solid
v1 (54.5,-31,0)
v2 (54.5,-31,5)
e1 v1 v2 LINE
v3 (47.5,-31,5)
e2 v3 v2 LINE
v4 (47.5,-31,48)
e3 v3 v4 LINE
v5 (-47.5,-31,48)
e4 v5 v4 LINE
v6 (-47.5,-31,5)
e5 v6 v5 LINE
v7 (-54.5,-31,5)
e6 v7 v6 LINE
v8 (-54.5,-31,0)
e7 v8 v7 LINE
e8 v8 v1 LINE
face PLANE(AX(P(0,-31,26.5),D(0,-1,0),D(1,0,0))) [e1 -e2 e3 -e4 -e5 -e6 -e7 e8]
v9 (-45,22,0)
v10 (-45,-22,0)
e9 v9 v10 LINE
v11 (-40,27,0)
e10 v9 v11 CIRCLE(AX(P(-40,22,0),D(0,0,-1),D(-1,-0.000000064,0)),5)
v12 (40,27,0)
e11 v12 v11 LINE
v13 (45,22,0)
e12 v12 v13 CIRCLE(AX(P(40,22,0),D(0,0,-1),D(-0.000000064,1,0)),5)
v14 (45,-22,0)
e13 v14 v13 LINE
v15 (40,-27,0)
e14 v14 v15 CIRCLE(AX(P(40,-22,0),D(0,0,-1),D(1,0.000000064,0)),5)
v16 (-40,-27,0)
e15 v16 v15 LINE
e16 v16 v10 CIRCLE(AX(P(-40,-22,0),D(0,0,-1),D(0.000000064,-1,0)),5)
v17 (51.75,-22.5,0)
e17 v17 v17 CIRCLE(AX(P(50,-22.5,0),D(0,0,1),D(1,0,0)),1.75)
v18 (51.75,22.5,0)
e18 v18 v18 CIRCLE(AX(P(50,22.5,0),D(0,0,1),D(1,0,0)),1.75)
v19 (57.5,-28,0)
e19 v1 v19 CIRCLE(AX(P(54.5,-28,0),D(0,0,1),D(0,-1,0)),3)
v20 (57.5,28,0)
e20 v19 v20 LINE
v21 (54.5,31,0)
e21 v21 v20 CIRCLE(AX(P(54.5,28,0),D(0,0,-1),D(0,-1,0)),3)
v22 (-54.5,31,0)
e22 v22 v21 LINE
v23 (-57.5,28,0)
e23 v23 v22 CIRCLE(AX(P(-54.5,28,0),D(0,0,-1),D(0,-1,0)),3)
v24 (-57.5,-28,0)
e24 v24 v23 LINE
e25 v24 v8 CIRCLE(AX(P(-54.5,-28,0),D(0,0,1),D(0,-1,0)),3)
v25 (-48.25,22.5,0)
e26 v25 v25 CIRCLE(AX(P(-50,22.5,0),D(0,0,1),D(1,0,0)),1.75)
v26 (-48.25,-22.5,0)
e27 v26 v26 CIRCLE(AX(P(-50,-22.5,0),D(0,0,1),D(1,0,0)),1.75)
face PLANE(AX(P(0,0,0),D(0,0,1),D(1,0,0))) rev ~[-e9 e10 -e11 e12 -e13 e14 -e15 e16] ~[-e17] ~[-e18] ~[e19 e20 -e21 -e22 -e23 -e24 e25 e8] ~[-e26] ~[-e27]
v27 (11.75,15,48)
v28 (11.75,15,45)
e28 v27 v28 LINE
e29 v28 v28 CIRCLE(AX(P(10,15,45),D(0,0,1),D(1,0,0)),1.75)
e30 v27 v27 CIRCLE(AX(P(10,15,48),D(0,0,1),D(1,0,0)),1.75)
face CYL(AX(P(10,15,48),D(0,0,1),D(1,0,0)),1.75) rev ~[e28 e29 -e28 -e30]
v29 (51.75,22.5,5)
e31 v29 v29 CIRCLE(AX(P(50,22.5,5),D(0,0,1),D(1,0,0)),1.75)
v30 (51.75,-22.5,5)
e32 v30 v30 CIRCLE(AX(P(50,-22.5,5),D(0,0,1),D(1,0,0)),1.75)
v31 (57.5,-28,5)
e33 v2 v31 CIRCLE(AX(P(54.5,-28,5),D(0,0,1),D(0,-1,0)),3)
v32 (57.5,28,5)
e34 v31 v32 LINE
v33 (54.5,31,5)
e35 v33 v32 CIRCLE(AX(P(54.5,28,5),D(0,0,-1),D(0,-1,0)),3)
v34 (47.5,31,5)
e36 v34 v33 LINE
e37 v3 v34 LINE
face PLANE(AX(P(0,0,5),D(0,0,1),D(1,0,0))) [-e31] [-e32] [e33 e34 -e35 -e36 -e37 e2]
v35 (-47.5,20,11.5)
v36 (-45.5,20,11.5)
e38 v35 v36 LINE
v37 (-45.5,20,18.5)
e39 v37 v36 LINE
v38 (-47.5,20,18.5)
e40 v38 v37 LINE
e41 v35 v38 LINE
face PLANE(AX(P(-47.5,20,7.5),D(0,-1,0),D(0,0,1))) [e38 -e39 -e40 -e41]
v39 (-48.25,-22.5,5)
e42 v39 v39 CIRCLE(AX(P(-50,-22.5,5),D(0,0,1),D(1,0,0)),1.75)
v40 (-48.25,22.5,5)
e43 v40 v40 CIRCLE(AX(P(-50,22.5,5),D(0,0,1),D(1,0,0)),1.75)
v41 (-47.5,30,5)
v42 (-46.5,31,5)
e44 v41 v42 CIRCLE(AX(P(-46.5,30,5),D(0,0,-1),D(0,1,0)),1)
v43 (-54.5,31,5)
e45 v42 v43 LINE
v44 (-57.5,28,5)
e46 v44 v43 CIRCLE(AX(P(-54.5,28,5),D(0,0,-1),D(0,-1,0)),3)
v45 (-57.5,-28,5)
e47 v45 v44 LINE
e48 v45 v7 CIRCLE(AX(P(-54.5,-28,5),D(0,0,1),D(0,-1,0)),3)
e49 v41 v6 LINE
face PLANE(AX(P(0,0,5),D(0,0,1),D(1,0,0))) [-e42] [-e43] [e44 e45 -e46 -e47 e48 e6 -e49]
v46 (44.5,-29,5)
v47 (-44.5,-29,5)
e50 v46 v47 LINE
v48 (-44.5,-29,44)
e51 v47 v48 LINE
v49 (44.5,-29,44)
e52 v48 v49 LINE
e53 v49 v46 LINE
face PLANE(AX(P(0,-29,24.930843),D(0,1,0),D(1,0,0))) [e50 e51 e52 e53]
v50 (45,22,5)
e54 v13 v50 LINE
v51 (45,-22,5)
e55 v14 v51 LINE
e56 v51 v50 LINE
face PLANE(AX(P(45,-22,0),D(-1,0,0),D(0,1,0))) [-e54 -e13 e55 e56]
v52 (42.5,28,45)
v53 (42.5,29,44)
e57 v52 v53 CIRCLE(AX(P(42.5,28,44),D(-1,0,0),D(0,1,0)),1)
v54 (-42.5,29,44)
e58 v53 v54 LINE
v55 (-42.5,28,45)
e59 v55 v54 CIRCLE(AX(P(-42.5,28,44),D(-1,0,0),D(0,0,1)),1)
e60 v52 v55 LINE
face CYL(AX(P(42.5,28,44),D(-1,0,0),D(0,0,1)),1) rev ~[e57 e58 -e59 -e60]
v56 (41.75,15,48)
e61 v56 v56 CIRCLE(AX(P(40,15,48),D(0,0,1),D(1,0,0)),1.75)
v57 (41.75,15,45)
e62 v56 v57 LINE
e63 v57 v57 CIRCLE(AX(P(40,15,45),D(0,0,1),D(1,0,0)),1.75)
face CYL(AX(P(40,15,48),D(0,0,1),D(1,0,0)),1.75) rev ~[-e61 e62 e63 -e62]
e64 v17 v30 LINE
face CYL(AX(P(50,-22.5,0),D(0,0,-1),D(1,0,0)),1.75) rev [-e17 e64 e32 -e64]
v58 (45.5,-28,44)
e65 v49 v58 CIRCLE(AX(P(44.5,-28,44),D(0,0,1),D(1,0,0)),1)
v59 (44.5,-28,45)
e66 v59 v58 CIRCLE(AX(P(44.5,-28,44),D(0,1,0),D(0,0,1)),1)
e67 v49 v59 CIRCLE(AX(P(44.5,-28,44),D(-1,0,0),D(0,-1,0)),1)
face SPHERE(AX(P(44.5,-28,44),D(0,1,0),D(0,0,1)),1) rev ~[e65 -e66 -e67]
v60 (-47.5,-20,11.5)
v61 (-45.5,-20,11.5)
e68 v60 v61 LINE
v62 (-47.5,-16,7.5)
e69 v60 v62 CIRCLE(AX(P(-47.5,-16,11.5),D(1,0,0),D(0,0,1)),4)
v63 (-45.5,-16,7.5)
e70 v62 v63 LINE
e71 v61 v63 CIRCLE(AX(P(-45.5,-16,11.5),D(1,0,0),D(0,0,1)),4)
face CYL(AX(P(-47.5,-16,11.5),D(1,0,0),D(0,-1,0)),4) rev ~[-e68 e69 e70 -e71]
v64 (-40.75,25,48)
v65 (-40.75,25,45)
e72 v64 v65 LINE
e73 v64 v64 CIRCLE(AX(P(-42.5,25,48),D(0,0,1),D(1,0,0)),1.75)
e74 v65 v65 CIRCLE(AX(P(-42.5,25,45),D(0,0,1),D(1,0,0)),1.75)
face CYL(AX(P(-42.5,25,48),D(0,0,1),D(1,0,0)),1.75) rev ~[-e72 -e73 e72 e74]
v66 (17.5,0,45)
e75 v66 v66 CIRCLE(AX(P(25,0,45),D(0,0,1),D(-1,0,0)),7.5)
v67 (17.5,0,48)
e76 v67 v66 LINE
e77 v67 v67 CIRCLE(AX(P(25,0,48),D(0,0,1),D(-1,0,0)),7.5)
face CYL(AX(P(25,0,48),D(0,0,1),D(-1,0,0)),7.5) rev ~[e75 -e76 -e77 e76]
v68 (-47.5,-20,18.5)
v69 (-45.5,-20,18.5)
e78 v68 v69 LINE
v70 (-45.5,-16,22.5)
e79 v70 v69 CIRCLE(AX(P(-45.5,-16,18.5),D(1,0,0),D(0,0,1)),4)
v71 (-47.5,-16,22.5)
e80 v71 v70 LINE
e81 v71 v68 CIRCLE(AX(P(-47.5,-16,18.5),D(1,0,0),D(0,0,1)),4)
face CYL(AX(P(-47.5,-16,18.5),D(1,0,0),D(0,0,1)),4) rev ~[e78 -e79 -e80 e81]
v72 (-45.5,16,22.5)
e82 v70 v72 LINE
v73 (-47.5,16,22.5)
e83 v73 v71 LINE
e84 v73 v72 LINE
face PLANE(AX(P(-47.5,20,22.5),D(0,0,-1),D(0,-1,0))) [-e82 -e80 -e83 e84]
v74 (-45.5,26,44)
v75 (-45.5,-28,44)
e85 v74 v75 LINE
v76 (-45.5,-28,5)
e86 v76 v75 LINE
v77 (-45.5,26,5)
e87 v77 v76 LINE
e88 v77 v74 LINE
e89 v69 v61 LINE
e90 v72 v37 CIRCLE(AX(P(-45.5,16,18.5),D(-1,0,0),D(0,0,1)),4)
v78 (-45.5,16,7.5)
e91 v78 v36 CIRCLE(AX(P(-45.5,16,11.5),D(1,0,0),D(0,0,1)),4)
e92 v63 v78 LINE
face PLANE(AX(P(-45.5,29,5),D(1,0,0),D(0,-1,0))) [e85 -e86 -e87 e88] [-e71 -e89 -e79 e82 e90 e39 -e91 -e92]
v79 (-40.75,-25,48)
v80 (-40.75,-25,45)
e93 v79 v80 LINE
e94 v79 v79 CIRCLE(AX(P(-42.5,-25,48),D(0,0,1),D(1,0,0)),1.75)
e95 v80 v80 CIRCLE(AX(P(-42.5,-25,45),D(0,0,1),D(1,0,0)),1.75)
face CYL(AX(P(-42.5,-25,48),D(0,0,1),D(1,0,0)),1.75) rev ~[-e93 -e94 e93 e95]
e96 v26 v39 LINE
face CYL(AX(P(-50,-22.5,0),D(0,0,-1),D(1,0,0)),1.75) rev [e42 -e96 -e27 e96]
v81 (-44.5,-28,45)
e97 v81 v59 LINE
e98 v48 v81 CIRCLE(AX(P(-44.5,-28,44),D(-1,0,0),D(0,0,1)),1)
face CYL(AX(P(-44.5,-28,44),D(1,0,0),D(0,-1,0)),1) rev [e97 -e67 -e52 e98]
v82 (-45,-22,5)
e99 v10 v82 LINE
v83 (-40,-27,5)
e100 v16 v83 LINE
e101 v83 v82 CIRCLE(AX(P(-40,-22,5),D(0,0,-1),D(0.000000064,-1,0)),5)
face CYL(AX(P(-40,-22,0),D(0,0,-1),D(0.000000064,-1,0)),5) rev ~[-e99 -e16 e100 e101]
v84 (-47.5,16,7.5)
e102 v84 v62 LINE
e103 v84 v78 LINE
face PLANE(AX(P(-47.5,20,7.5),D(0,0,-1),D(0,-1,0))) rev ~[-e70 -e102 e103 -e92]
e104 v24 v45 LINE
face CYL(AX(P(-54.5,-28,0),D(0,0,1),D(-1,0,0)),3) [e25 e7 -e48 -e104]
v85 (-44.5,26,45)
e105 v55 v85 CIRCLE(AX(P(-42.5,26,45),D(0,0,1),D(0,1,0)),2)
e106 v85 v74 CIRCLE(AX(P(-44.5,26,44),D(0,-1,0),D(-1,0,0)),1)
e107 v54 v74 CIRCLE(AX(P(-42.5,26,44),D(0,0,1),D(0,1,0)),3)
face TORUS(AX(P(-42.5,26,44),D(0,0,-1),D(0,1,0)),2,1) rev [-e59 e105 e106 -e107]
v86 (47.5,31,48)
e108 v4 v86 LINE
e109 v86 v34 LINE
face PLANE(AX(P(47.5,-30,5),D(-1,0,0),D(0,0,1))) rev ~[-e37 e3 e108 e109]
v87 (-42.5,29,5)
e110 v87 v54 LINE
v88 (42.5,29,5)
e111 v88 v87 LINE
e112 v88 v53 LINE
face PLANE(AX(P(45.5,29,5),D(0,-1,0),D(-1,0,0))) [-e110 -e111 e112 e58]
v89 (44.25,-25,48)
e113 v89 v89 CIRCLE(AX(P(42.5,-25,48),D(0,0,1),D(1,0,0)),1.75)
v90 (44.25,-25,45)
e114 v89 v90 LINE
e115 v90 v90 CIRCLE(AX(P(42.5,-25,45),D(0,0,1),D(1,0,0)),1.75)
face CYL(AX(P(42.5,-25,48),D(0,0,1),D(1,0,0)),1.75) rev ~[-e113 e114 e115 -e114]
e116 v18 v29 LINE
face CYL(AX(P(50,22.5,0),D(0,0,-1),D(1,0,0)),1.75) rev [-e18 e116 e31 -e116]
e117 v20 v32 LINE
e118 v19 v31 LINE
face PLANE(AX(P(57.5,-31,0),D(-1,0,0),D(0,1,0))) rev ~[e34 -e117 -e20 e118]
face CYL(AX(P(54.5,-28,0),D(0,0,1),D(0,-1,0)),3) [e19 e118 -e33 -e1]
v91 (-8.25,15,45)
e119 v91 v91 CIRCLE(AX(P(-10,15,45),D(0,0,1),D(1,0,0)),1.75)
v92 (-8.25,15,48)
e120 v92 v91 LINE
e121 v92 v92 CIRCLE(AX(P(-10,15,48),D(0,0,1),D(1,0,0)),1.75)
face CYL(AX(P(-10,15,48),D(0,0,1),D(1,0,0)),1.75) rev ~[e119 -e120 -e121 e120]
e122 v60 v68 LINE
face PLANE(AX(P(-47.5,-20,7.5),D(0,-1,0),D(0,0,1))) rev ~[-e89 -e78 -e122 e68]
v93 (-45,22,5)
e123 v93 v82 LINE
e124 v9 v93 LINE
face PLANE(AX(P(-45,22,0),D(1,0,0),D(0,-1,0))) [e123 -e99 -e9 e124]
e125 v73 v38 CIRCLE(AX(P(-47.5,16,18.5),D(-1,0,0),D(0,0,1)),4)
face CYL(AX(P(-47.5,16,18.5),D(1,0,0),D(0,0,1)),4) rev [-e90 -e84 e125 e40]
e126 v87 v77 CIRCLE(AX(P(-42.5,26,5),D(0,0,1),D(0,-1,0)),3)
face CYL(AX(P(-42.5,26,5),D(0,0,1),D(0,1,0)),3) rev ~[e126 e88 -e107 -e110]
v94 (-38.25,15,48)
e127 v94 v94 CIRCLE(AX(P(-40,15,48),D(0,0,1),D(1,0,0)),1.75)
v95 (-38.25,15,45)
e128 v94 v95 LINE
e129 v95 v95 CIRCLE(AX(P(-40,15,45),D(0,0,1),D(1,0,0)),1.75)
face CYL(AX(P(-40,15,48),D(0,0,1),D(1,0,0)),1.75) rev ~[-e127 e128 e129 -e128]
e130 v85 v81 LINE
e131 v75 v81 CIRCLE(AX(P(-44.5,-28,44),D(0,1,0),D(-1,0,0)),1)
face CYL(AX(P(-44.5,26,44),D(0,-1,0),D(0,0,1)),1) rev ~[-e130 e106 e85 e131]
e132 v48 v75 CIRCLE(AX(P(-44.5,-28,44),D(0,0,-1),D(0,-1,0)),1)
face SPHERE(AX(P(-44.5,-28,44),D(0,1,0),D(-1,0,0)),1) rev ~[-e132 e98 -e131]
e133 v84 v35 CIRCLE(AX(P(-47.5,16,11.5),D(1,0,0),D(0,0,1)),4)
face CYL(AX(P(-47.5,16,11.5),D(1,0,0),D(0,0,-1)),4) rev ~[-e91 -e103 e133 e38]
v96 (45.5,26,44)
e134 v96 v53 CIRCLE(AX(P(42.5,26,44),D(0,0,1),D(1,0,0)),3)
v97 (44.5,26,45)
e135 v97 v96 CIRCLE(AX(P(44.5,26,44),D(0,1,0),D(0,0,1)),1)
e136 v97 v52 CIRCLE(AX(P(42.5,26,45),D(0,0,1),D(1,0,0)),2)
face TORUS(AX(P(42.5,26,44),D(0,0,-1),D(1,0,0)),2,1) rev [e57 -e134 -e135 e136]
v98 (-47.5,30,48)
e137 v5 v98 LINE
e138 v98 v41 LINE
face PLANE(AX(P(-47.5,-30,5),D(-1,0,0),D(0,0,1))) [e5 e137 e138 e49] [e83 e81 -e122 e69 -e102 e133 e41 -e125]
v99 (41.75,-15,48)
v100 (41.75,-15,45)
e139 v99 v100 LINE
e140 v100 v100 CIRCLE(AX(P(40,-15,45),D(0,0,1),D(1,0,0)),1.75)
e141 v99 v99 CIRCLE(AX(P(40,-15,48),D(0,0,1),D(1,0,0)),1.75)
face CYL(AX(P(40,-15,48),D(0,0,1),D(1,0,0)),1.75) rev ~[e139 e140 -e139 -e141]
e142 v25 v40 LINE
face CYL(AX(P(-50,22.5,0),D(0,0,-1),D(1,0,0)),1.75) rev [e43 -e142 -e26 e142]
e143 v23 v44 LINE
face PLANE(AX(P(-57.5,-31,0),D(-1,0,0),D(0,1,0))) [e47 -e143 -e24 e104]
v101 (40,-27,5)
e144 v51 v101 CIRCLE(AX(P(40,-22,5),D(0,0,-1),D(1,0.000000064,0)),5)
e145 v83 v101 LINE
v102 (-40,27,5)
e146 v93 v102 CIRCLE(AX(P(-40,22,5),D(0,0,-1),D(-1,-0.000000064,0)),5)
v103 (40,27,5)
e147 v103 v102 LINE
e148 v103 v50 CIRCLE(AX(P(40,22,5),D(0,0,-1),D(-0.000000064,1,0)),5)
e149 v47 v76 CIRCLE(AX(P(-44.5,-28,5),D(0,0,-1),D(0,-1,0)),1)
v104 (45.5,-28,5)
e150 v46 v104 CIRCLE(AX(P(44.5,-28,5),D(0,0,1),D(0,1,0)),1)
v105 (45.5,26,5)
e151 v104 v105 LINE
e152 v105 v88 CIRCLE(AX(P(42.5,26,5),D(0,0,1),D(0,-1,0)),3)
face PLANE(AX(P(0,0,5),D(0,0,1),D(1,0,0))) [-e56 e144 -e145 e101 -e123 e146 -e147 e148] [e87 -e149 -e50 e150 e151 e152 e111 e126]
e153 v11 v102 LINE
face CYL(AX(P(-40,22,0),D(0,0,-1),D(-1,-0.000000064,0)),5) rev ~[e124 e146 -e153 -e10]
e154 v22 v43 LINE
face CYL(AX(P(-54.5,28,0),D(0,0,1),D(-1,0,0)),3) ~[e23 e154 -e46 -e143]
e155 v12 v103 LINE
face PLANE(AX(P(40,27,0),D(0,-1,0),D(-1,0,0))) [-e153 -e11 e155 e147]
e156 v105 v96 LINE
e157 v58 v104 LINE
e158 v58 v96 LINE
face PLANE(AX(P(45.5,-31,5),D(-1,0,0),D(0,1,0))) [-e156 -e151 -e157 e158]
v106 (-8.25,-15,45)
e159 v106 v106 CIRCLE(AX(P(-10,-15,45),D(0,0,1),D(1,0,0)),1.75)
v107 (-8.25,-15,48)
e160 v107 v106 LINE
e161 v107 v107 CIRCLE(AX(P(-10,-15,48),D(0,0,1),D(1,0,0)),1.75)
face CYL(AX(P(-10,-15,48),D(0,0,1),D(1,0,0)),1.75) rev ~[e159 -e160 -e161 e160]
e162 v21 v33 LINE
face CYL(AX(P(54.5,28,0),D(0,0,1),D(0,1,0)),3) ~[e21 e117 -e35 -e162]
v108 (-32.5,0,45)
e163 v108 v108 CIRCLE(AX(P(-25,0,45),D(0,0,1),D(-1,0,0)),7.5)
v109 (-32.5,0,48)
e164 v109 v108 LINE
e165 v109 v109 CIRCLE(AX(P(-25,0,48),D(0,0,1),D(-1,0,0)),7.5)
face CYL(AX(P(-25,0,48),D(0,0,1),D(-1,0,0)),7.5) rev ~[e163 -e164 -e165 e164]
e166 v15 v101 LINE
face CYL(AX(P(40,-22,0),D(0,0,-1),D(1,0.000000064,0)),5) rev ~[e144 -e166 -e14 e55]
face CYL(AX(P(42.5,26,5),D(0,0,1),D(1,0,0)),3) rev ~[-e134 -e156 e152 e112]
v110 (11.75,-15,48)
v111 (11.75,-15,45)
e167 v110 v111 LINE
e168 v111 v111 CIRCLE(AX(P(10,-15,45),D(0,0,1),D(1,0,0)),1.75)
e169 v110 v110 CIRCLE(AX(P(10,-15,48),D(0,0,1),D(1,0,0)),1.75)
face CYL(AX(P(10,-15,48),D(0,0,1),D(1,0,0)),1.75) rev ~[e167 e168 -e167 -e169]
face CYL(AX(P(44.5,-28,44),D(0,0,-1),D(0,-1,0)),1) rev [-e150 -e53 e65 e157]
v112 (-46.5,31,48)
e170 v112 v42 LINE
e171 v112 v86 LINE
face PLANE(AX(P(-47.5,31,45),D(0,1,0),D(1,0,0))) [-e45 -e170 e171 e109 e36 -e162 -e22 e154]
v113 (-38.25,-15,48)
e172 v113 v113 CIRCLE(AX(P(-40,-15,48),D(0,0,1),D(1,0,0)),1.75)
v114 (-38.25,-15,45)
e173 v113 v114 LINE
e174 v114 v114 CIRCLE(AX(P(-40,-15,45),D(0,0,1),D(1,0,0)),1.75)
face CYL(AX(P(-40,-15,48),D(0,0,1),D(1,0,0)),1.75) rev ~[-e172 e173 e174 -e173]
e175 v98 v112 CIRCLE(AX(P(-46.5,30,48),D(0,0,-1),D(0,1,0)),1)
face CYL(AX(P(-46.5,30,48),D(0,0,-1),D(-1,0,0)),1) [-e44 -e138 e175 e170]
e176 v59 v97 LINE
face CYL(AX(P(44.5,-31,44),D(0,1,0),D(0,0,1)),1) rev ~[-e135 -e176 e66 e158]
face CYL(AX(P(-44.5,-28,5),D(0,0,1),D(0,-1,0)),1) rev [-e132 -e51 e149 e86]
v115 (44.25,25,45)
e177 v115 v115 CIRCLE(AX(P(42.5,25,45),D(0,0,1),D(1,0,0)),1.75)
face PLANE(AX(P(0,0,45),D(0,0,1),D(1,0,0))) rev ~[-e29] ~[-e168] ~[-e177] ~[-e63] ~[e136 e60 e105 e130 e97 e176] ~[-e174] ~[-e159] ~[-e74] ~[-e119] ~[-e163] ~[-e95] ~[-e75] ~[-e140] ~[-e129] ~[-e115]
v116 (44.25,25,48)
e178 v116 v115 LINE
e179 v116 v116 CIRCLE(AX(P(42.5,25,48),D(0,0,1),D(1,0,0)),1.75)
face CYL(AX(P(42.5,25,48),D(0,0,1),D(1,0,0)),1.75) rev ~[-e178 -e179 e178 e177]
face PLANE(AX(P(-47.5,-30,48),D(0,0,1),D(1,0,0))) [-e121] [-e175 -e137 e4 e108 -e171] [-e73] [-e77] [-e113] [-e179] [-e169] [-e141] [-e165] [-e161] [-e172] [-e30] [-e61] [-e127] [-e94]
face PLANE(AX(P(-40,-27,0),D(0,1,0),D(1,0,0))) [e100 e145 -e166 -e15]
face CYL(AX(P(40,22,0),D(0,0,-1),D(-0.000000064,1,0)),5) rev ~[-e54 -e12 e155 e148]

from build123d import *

# Parameters (mm, degrees)
SKETCH_W        = 115
SKETCH_H        = 62
SKETCH_R        = 1.75
PAD_DEPTH       = 5
FILLET_R        = 1
FILLET001_R     = 1
FILLET002_R     = 3
PAD001_DEPTH    = 40
SKETCH002_W     = 95
SKETCH002_H     = 62
PAD002_DEPTH    = 3
FILLET003_R     = 3
FILLET004_R     = 1
SKETCH003_W     = 40
SKETCH003_H     = 15
POCKET_DEPTH    = 5
SKETCH004_R     = 1.75
POCKET001_DEPTH = 5
FILLET005_R     = 4
POCKET002_DEPTH = 5
SKETCH006_W     = 95
SKETCH006_H     = 43
POCKET003_DEPTH = 1
SKETCH007_W     = 95
SKETCH007_H     = 43
PAD003_DEPTH    = 1
PAD004_DEPTH    = 1
FILLET006_R     = 1


with BuildPart() as part:
    # Sketch → Pad (new body)
    with BuildSketch(Plane.XY):
        Rectangle(SKETCH_W, SKETCH_H)
        with Locations((-50, 22.5)):
            Circle(SKETCH_R, mode=Mode.SUBTRACT)
        with Locations((50, 22.5)):
            Circle(SKETCH_R, mode=Mode.SUBTRACT)
        with Locations((-50, -22.5)):
            Circle(SKETCH_R, mode=Mode.SUBTRACT)
        with Locations((50, -22.5)):
            Circle(SKETCH_R, mode=Mode.SUBTRACT)
        with BuildLine():
            ThreePointArc((-40.5, 15), (-42.62132, 14.12132), (-43.5, 12))
            Line((-43.5, -12), (-43.5, 12))
            ThreePointArc((-43.5, -12), (-42.62132, -14.12132), (-40.5, -15))
            Line((-40.5, -15), (-31.5, -15))
            ThreePointArc((-31.5, -15), (-29.37868, -14.12132), (-28.5, -12))
            Line((-28.5, 12), (-28.5, -12))
            ThreePointArc((-28.5, 12), (-29.37868, 14.12132), (-31.5, 15))
            Line((-40.5, 15), (-31.5, 15))
        make_face(mode=Mode.SUBTRACT)
    extrude(amount=PAD_DEPTH)

    # Fillet
    fillet_edges = [part.edges().sort_by_distance(p)[0] for p in [
        (-36, -15, 0),
        (-29.37868, -14.12132, 0),
        (-28.5, 0, 0),
        (-42.62132, -14.12132, 0),
        (-43.5, 0, 0),
        (-42.62132, 14.12132, 0),
        (-36, 15, 0),
        (-29.37868, 14.12132, 0),
    ]]
    fillet(fillet_edges, radius=FILLET_R)

    # Fillet001
    fillet001_edges = [part.edges().sort_by_distance(p)[0] for p in [
        (-43.5, 0, 5),
        (-42.62132, -14.12132, 5),
        (-36, -15, 5),
        (-29.37868, -14.12132, 5),
        (-28.5, 0, 5),
        (-29.37868, 14.12132, 5),
        (-36, 15, 5),
        (-42.62132, 14.12132, 5),
    ]]
    fillet(fillet001_edges, radius=FILLET001_R)

    # Fillet002
    fillet002_edges = [part.edges().sort_by_distance(p)[0] for p in [
        (-57.5, -31, 2.5),
        (-57.5, 31, 2.5),
        (57.5, -31, 2.5),
        (57.5, 31, 2.5),
    ]]
    fillet(fillet002_edges, radius=FILLET002_R)

    # Sketch001 (on Face1 of Fillet002) → Pad001 (join)
    with BuildSketch(Plane.XY.offset(5)):
        Polygon((-47.5, 31), (47.5, 31), (47.5, -31), (45.5, -31), (45.5, 29), (-45.5, 29), (-45.5, -31), (-47.5, -31), align=None)
    extrude(amount=PAD001_DEPTH)

    # Sketch002 (on Face15 of Pad001) → Pad002 (join)
    with BuildSketch(Plane.XY.offset(45)):
        Rectangle(SKETCH002_W, SKETCH002_H)
    extrude(amount=PAD002_DEPTH)

    # Fillet003
    fillet003_edges = [part.edges().sort_by_distance(p)[0] for p in [
        (-45.5, 29, 25),
        (45.5, 29, 25),
    ]]
    fillet(fillet003_edges, radius=FILLET003_R)

    # Fillet004
    fillet004_edges = [part.edges().sort_by_distance(p)[0] for p in [
        (-47.5, 31, 25),
        (-45.5, -2.5, 45),
        (-44.62132, 28.12132, 45),
        (0, 29, 45),
        (44.62132, 28.12132, 45),
        (45.5, -2.5, 45),
    ]]
    fillet(fillet004_edges, radius=FILLET004_R)

    # Sketch003 (on Face21 of Fillet004) → Pocket (cut)
    with BuildSketch(Plane(origin=(-47.5, 0, 0), x_dir=(0, -1, 0), z_dir=(-1, 0, 0))):
        with Locations((0, 15)):
            Rectangle(SKETCH003_W, SKETCH003_H)
    extrude(amount=-POCKET_DEPTH, mode=Mode.SUBTRACT)

    # Sketch004 → Pocket001 (cut)
    with BuildSketch(Plane.XY.offset(48)):
        with Locations((-40, -15)):
            Circle(SKETCH004_R)
        with Locations((-40, 15)):
            Circle(SKETCH004_R)
        with Locations((-10, 15)):
            Circle(SKETCH004_R)
        with Locations((10, 15)):
            Circle(SKETCH004_R)
        with Locations((40, 15)):
            Circle(SKETCH004_R)
        with Locations((40, -15)):
            Circle(SKETCH004_R)
        with Locations((10, -15)):
            Circle(SKETCH004_R)
        with Locations((-10, -15)):
            Circle(SKETCH004_R)
        with Locations((-42.5, -25)):
            Circle(SKETCH004_R)
        with Locations((-42.5, 25)):
            Circle(SKETCH004_R)
        with Locations((42.5, 25)):
            Circle(SKETCH004_R)
        with Locations((42.5, -25)):
            Circle(SKETCH004_R)
        with BuildLine():
            ThreePointArc((-17.5, 0), (-25, 7.5), (-32.5, 0))
            ThreePointArc((-32.5, 0), (-25, -7.5), (-17.5, 0))
        make_face()
        with BuildLine():
            ThreePointArc((32.5, 0), (25, 7.5), (17.5, 0))
            ThreePointArc((17.5, 0), (25, -7.5), (32.5, 0))
        make_face()
    extrude(amount=-POCKET001_DEPTH, mode=Mode.SUBTRACT)

    # Fillet005
    fillet005_edges = [part.edges().sort_by_distance(p)[0] for p in [
        (-46.5, 20, 22.5),
        (-46.5, 20, 7.5),
        (-46.5, -20, 22.5),
        (-46.5, -20, 7.5),
    ]]
    fillet(fillet005_edges, radius=FILLET005_R)

    # Sketch005 (on Face52 of Fillet005) → Pocket002 (cut)
    with BuildSketch(Plane(origin=(0, 0, 0), x_dir=(1, 0, 0), z_dir=(0, 0, -1))):
        with BuildLine():
            ThreePointArc((-40, 27), (-43.535534, 25.535534), (-45, 22))
            Line((-45, -22), (-45, 22))
            ThreePointArc((-45, -22), (-43.535534, -25.535534), (-40, -27))
            Line((40, -27), (-40, -27))
            ThreePointArc((40, -27), (43.535534, -25.535534), (45, -22))
            Line((45, 22), (45, -22))
            ThreePointArc((45, 22), (43.535534, 25.535534), (40, 27))
            Line((-40, 27), (40, 27))
        make_face()
    extrude(amount=-POCKET002_DEPTH, mode=Mode.SUBTRACT)

    # Sketch006 (on Face29 of Pocket002) → Pocket003 (cut)
    with BuildSketch(Plane.XZ.offset(31)):
        with Locations((0, 26.5)):
            Rectangle(SKETCH006_W, SKETCH006_H)
    extrude(amount=-POCKET003_DEPTH, mode=Mode.SUBTRACT)

    # Sketch007 (on Face4 of Pocket003) → Pad003 (join)
    with BuildSketch(Plane.XZ.offset(30)):
        with Locations((0, 26.5)):
            Rectangle(SKETCH007_W, SKETCH007_H)
    extrude(amount=PAD003_DEPTH)

    # Pad003 Face4 → Pad004 (add)
    with BuildSketch(Plane(origin=(0, -30, 24.997668), x_dir=(1, 0, 0), z_dir=(0, 1, 0))):
        with BuildLine():
            Line((45.5, -19.002332), (45.5, 19.997668))
            Line((45.5, 19.997668), (-45.5, 19.997668))
            Line((-45.5, 19.997668), (-45.5, -19.002332))
            ThreePointArc((-45.5, -19.002332), (-45.207107, -19.709439), (-44.5, -20.002332))
            Line((-44.5, -20.002332), (44.5, -20.002332))
            ThreePointArc((44.5, -20.002332), (45.207107, -19.709439), (45.5, -19.002332))
        make_face()
    extrude(amount=PAD004_DEPTH)

    # Fillet006
    fillet006_edges = [part.edges().sort_by_distance(p)[0] for p in [
        (0, -29, 45),
    ]]
    fillet(fillet006_edges, radius=FILLET006_R)


solid = part.part
